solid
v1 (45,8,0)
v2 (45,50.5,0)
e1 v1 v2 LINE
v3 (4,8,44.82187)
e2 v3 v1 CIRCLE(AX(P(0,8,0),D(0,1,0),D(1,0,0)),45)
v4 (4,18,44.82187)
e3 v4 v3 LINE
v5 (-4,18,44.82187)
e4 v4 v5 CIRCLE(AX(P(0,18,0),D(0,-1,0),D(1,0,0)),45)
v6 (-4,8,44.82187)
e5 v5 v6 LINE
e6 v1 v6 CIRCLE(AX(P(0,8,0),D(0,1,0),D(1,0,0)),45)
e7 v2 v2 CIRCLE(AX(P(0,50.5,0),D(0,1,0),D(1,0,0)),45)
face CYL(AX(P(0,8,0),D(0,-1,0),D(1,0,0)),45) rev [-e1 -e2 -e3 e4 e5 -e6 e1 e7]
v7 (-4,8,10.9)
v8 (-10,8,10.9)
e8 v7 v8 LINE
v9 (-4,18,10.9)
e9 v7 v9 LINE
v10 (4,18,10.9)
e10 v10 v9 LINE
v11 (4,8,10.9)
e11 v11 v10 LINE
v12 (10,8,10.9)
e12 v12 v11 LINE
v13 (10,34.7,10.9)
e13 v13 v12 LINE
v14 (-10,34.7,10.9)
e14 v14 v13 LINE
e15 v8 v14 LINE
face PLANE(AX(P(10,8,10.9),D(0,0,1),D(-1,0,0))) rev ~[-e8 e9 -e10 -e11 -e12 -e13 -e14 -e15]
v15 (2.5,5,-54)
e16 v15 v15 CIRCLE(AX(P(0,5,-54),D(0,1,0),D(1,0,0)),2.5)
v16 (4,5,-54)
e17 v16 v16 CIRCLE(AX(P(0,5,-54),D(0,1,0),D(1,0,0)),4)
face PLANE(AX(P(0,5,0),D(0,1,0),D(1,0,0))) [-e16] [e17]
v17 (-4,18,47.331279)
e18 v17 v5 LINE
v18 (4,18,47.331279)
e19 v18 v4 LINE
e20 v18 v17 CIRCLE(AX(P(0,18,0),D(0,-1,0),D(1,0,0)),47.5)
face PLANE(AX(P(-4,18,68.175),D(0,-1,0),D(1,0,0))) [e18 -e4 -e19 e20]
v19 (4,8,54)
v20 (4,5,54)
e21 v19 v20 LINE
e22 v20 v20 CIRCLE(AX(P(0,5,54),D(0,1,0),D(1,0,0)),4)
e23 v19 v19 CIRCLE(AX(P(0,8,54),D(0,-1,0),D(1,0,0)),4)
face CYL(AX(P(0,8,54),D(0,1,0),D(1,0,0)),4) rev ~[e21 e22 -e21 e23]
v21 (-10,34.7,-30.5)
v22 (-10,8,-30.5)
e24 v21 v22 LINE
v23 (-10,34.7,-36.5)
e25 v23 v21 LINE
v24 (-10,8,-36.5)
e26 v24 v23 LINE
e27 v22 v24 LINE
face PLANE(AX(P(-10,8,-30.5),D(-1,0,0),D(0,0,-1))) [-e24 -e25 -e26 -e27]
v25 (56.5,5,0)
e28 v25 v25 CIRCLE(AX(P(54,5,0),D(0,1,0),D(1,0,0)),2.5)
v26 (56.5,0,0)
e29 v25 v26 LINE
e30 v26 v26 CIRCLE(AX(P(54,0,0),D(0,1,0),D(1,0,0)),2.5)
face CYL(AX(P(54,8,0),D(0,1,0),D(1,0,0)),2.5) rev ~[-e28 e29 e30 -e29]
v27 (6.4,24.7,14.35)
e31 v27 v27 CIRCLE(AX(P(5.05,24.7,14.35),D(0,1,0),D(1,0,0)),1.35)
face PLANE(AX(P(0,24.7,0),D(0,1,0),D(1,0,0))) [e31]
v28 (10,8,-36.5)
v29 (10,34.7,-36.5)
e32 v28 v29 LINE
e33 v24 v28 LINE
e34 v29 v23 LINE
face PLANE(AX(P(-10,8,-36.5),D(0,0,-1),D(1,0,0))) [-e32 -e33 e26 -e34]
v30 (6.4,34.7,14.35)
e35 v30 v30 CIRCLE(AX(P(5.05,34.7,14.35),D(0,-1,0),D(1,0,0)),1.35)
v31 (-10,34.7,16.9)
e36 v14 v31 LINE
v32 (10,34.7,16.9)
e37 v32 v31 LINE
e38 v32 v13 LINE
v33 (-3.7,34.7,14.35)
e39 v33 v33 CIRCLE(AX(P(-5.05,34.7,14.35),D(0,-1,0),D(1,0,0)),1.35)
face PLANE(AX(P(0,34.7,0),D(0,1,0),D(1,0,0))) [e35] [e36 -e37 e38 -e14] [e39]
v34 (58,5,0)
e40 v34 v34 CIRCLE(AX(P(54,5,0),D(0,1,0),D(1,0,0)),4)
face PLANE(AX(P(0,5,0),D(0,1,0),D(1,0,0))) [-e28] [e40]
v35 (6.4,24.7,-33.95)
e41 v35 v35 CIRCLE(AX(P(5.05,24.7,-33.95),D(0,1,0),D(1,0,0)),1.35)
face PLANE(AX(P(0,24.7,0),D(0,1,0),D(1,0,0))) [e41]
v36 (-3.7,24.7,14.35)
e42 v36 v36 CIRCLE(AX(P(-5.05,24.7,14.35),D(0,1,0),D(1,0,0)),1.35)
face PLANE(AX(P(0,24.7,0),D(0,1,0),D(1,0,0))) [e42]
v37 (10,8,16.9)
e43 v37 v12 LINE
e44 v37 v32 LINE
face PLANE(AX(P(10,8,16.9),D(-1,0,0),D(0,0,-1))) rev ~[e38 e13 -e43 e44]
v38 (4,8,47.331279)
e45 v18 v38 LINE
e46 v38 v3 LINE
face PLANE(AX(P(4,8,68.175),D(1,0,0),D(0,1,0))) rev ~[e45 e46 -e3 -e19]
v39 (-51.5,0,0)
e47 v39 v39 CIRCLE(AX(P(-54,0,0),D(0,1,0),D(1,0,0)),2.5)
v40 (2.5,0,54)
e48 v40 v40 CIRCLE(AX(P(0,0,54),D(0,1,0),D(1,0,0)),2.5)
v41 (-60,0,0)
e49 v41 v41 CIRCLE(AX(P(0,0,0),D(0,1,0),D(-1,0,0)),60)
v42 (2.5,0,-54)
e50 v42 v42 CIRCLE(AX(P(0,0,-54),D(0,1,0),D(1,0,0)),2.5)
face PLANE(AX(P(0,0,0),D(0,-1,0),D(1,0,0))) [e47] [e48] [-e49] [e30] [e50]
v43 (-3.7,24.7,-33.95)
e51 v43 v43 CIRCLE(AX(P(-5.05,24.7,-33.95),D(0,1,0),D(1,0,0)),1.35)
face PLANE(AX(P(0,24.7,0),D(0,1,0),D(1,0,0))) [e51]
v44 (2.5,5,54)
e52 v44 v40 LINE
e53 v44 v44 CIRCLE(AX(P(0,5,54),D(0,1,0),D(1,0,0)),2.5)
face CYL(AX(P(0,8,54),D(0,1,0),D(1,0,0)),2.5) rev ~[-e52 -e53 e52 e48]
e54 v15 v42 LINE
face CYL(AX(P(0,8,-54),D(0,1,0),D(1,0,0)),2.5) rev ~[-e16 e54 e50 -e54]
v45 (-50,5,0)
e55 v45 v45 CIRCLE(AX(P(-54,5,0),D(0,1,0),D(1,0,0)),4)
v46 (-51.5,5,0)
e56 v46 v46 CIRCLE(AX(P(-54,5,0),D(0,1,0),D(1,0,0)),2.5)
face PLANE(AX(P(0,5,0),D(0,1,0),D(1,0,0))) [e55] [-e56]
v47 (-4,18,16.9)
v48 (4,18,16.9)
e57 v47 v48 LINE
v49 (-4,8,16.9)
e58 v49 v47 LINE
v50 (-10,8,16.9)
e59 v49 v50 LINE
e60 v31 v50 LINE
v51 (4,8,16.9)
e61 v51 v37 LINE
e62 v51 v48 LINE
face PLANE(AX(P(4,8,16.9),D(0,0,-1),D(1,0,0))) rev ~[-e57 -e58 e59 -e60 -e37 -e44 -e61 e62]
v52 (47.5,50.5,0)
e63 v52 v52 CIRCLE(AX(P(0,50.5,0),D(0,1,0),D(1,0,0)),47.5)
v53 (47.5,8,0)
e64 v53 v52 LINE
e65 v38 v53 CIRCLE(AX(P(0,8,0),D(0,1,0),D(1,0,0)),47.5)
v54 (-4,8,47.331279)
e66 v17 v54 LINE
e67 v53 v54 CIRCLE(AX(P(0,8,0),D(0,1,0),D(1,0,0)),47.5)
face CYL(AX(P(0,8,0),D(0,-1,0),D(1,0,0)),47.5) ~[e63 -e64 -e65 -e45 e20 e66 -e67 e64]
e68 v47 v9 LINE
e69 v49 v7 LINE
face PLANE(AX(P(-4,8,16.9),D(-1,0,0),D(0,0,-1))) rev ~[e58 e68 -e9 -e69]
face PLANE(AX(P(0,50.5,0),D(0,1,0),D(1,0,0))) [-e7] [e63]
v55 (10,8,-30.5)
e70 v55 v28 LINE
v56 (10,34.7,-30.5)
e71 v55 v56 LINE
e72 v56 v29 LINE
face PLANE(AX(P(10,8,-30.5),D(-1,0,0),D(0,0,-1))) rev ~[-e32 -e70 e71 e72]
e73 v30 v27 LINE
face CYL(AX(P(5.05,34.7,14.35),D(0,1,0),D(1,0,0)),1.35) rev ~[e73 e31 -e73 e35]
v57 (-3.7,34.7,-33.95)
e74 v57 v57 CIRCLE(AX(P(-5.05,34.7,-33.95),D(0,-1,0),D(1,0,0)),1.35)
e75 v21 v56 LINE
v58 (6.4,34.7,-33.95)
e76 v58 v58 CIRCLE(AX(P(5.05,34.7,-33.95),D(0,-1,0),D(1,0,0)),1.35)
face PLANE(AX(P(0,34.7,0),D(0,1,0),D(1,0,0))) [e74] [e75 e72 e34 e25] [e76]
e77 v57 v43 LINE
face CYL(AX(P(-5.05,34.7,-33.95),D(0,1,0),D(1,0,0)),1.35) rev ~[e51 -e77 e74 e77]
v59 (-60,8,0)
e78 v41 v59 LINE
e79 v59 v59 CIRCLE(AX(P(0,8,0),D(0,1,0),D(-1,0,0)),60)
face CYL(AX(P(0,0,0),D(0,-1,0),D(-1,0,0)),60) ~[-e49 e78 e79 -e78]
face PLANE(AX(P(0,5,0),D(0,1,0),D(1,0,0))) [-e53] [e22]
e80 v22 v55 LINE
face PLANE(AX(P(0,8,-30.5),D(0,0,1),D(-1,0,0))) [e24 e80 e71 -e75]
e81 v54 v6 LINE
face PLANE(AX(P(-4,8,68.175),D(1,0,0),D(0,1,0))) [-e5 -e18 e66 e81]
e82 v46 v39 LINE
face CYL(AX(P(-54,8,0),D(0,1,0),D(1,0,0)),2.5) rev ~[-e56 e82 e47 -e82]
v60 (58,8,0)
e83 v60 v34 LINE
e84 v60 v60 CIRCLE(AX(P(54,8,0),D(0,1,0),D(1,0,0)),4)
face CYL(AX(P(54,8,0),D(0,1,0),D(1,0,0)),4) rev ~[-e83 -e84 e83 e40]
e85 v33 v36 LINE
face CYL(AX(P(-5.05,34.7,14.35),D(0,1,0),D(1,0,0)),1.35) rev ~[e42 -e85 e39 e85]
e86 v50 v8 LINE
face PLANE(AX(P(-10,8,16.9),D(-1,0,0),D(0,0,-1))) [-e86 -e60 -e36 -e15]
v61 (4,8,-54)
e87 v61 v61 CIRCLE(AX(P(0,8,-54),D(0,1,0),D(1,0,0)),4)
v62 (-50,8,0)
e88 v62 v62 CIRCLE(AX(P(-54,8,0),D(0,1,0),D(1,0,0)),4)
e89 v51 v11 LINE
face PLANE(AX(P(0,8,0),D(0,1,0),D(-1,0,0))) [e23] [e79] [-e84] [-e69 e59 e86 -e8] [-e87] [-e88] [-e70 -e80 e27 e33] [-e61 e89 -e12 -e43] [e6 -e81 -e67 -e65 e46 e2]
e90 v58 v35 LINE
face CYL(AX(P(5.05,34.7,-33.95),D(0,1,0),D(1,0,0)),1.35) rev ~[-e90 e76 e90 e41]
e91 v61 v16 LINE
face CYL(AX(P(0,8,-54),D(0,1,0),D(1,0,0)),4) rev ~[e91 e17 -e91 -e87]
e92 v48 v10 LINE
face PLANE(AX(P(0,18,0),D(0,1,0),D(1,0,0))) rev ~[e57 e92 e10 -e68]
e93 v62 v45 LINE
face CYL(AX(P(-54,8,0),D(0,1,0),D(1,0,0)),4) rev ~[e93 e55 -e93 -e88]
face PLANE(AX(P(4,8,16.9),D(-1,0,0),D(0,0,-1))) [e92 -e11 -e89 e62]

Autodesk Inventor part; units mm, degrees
ref_plane "YZ Plane" through (0, 0, 0) normal (1, 0, 0) x (0, 1, 0)
ref_plane "XZ Plane" through (0, 0, 0) normal (0, 1, 0) x (-1, 0, 0)
ref_plane "XY Plane" through (0, 0, 0) normal (0, 0, 1) x (1, 0, 0)
sketch "Sketch1" plane through (0, 0, 0) normal (0, 1, 0) x (-1, 0, 0)
  circle A0 centre (0, 0) radius 60
  dimension "d0" = 120
extrude "Extrusion1" add sketch "Sketch1" along normal blind 8
sketch "Sketch2" plane through (0, 8, 0) normal (0, 1, 0) x (1, 0, 0)
  circle A0 centre (-54, 0) radius 4
  circle A1 centre (-54, 0) radius 2.5
  circle A2 centre (0, -54) radius 4
  circle A3 centre (0, -54) radius 2.5
  circle A4 centre (54, 0) radius 4
  circle A5 centre (54, 0) radius 2.5
  circle A6 centre (0, 54) radius 4
  circle A7 centre (0, 54) radius 2.5
  point P0 (0, 0)
  dimension "d3" = 8
  dimension "d4" = 5
  dimension "d5" = 8
  dimension "d6" = 5
  dimension "d7" = 8
  dimension "d8" = 5
  dimension "d9" = 8
  dimension "d10" = 5
extrude "Extrusion2" cut sketch "Sketch2" against normal blind 8 contours A1 | A3 | A5 | A7
sketch "Sketch3" plane through (0, 8, 0) normal (0, 1, 0) x (1, 0, 0)
  circle A0 centre (-54, 0) radius 2.5 projected
  circle A1 centre (-54, 0) radius 4
  circle A2 centre (-54, 0) radius 2.5
  circle A3 centre (0, 54) radius 2.5 projected
  circle A4 centre (0, 54) radius 4
  circle A5 centre (0, 54) radius 2.5
  circle A6 centre (54, 0) radius 2.5 projected
  circle A7 centre (54, 0) radius 4
  circle A8 centre (54, 0) radius 2.5
  circle A9 centre (0, -54) radius 4
  circle A10 centre (0, -54) radius 2.5
  point P0 (0, 0)
  dimension "d13" = 8
  dimension "d14" = 8
  dimension "d15" = 5
  dimension "d16" = 8
  dimension "d17" = 5
  dimension "d18" = 8
extrude "Extrusion3" cut sketch "Sketch3" against normal blind 3
sketch "Sketch4" plane through (0, 8, 0) normal (0, 1, 0) x (1, 0, 0)
  circle A0 centre (0, 0) radius 47.5
  circle A1 centre (0, 0) radius 45
  line L0 (0, 0) -> (-10, 0)
  line L1 (-10, 0) -> (-10, -9)
  line L2 (-10, -9) -> (0, -9)
  line L3 (0, -9) -> (0, 0)
  line L4 (0, -9) -> (10, -9)
  line L5 (10, -9) -> (10, 0)
  line L6 (10, 0) -> (0, 0)
  line L7 (0, 0) -> (0, -9)
  line L8 (-10, -9) -> (10, -9)
  line L9 (10, -9) -> (10, -16)
  line L10 (10, -16) -> (-10, -16)
  line L11 (-10, -16) -> (-10, -9)
  dimension "d21" = 95
  dimension "d22" = 90
  dimension "d23" = 10
  dimension "d24" = 9
  dimension "d25" = 10
  dimension "d26" = 7
extrude "Extrusion4" add sketch "Sketch4" along normal blind 10 contours A0
sketch "Sketch5" plane through (0, 8, 0) normal (0, 1, 0) x (1, 0, 0)
  line L0 (0, 0) -> (-10, 0)
  line L1 (-10, 0) -> (-10, -9)
  line L2 (-10, -9) -> (0, -9)
  line L3 (0, -9) -> (0, 0)
  line L4 (-10, -9) -> (10, -9)
  line L5 (10, -9) -> (10, -16)
  line L6 (10, -16) -> (-10, -16)
  line L7 (-10, -16) -> (-10, -9)
  line L8 (-10, -9) -> (10, -9)
  line L9 (10, -9) -> (10, 31)
  line L10 (10, 31) -> (-10, 31)
  line L11 (-10, 31) -> (-10, -9)
  line L12 (-10, 31) -> (-2, 31)
  line L13 (-2, 31) -> (-2, 38.36)
  line L14 (-2, 38.36) -> (-10, 38.36)
  line L15 (-10, 38.36) -> (-10, 31)
  line L16 (-10, 31) -> (10, 31)
  line L17 (10, 31) -> (10, 39)
  line L18 (10, 39) -> (-10, 39)
  line L19 (-10, 39) -> (-10, 31)
  line L20 (-10, -9) -> (10, -9)
  line L21 (10, -9) -> (10, -17)
  line L22 (10, -17) -> (-10, -17)
  line L23 (-10, -17) -> (-10, -9)
  dimension "d29" = 10
  dimension "d30" = 9
  dimension "d31" = 20
  dimension "d32" = 7
  dimension "d33" = 40
  dimension "d34" = 8
  dimension "d35" = 8
  dimension "d36" = 8
extrude "Extrusion5" add sketch "Sketch5" along normal blind 28 contours L4 L5 L6 L7 L2 | L15 L14 L13 L10 | L6 L21 L22 L23 | L13 L14 L19 L18 L17 L10
sketch "Sketch6" plane through (0, 36, 0) normal (0, 1, 0) x (1, 0, 0)
  line L0 (10, -17) -> (-10, -17) projected
  line L1 (-10, -9) -> (10, -9) projected
  line L2 (0, -17) -> (-4, -17)
  line L3 (-4, -17) -> (-4, -9)
  line L4 (-4, -9) -> (0, -9)
  line L5 (0, -9) -> (0, -17)
  line L6 (0, -17) -> (4, -17)
  line L7 (4, -17) -> (4, -9)
  line L8 (4, -9) -> (0, -9)
  line L9 (0, -9) -> (0, -17)
  point P0 (0, 0)
  dimension "d39" = 4
  dimension "d40" = 4
extrude "Extrusion6" cut sketch "Sketch6" against normal blind 28
sketch "Sketch7" plane through (0, 36, 0) normal (0, 1, 0) x (1, 0, 0)
  line L0 (-10, -17) -> (-4, -17) projected
  line L1 (4, -9) -> (10, -9) projected
  line L2 (-4, -17) -> (4, -17)
  line L3 (4, -17) -> (4, -9)
  line L4 (4, -9) -> (-4, -9)
  line L5 (-4, -9) -> (-4, -17)
  point P0 (0, 0)
extrude "Extrusion7" add sketch "Sketch7" against normal blind 22
sketch "Sketch8" plane through (0, 36, 0) normal (0, 1, 0) x (1, 0, 0)
  line L0 (-4, -17) -> (-10, -17) projected
  line L1 (10, -17) -> (10, -9) projected
  line L2 (-10, -17) -> (10, -17)
  line L3 (10, -17) -> (10, -15)
  line L4 (10, -15) -> (-10, -15)
  line L5 (-10, -15) -> (-10, -17)
  line L6 (-4, -9) -> (4, -9) projected
  line L7 (0, -9) -> (-5, -9)
  line L8 (-5, -9) -> (-5, -17)
  line L9 (-5, -17) -> (0, -17)
  line L10 (0, -17) -> (0, -9)
  line L11 (-10, -17) -> (10, -17) projected
  line L12 (0, -9) -> (5, -9)
  line L13 (5, -9) -> (5, -17)
  line L14 (5, -17) -> (0, -17)
  line L15 (0, -17) -> (0, -9)
  circle A0 centre (-5, -15) radius 2
  circle A1 centre (5, -15) radius 2
  line L16 (-10, 31) -> (-10, 39) projected
  line L17 (10, 39) -> (10, 31) projected
  line L18 (-10, 39) -> (10, 39)
  line L19 (10, 39) -> (10, 37)
  line L20 (10, 37) -> (-10, 37)
  line L21 (-10, 37) -> (-10, 39)
  line L22 (10, 31) -> (-10, 31) projected
  line L23 (-10, 39) -> (10, 39) projected
  line L24 (0, 31) -> (-5, 31)
  line L25 (-5, 31) -> (-5, 39)
  line L26 (-5, 39) -> (0, 39)
  line L27 (0, 39) -> (0, 31)
  line L28 (0, 31) -> (5, 31)
  line L29 (5, 31) -> (5, 39)
  line L30 (5, 39) -> (0, 39)
  line L31 (0, 39) -> (0, 31)
  circle A2 centre (-5, 37) radius 2
  circle A3 centre (5, 37) radius 2
  point P0 (0, 0)
  dimension "d45" = 2
  dimension "d46" = 5
  dimension "d47" = 5
  dimension "d48" = 4
  dimension "d49" = 4
  dimension "d50" = 2
  dimension "d51" = 4
  dimension "d52" = 4
extrude "Extrusion8" cut sketch "Sketch8" against normal blind 10 contours A0 L4 L8 | L8 L4 A0 | L8 A0 L4 | L4 A0 L8 | A1 L4 L13 | L13 L4 A1 | L13 A1 L4 | L4 A1 L13 | A2 L25 L20 | L20 L25 A2 | L25 L20 A2 | A2 L20 L25 | A3 L20 L29 | L29 L20 A3 | A3 L29 L20 | A3 L20 L29
sketch "Sketch9" plane through (0, 36, 0) normal (0, 1, 0) x (1, 0, 0)
  line L0 (-10, -17) -> (-5, -17) projected
  line L1 (10, -9) -> (-10, -9) projected
  line L2 (-10, -17) -> (10, -17)
  line L3 (10, -17) -> (10, -9)
  line L4 (10, -9) -> (-10, -9)
  line L5 (-10, -9) -> (-10, -17)
  line L6 (10, 31) -> (10, 39) projected
  line L7 (-10, 31) -> (10, 31)
  line L8 (10, 31) -> (10, 39)
  line L9 (10, 39) -> (-10, 39)
  line L10 (-10, 39) -> (-10, 31)
  point P0 (0, 0)
extrude "Extrusion9" cut sketch "Sketch9" against normal blind 28
sketch "Sketch10" plane through (0, 8, 0) normal (0, 1, 0) x (1, 0, 0)
  line L0 (0, 0) -> (-10, 0)
  line L1 (-10, 0) -> (-10, 36.5)
  line L2 (-10, 36.5) -> (0, 36.5)
  line L3 (0, 36.5) -> (0, 0)
  line L4 (-10, 0) -> (0, 0)
  line L5 (0, 0) -> (0, -16.9)
  line L6 (0, -16.9) -> (-10, -16.9)
  line L7 (-10, -16.9) -> (-10, 0)
  line L8 (0, -16.9) -> (10, -16.9)
  line L9 (10, -16.9) -> (10, 36.5)
  line L10 (10, 36.5) -> (0, 36.5)
  line L11 (0, 36.5) -> (0, -16.9)
  line L12 (-10, -16.9) -> (10, -16.9)
  line L13 (10, -16.9) -> (10, -10.9)
  line L14 (10, -10.9) -> (-10, -10.9)
  line L15 (-10, -10.9) -> (-10, -16.9)
  line L16 (-10, 36.5) -> (10, 36.5)
  line L17 (10, 36.5) -> (10, 30.5)
  line L18 (10, 30.5) -> (-10, 30.5)
  line L19 (-10, 30.5) -> (-10, 36.5)
  line L20 (-10, -16.9) -> (-4, -16.9)
  line L21 (-4, -16.9) -> (-4, -10.9)
  line L22 (-4, -10.9) -> (-10, -10.9)
  line L23 (-10, -10.9) -> (-10, -16.9)
  line L24 (10, -16.9) -> (4, -16.9)
  line L25 (4, -16.9) -> (4, -10.9)
  line L26 (4, -10.9) -> (10, -10.9)
  line L27 (10, -10.9) -> (10, -16.9)
  dimension "d57" = 10
  dimension "d58" = 36.5
  dimension "d59" = 16.9
  dimension "d60" = 10
  dimension "d61" = 6
  dimension "d62" = 6
  dimension "d63" = 6
  dimension "d64" = 6
extrude "Extrusion10" add sketch "Sketch10" along normal blind 10 contours L18 L1 L2 L3 | L3 L10 L9 L18 | L14 L21 L6 L7 | L14 L9 L8 L25
sketch "Sketch11" plane through (0, 18, 0) normal (0, 1, 0) x (1, 0, 0)
  line L0 (-10, 30.5) -> (10, 30.5) projected
  line L1 (10, 36.5) -> (-10, 36.5) projected
  line L2 (-10, 30.5) -> (10, 30.5)
  line L3 (10, 30.5) -> (10, 36.5)
  line L4 (10, 36.5) -> (-10, 36.5)
  line L5 (-10, 36.5) -> (-10, 30.5)
  line L6 (-10, -16.9) -> (-4, -16.9) projected
  line L7 (10, -10.9) -> (4, -10.9) projected
  line L8 (-10, -16.9) -> (10, -16.9)
  line L9 (10, -16.9) -> (10, -10.9)
  line L10 (10, -10.9) -> (-10, -10.9)
  line L11 (-10, -10.9) -> (-10, -16.9)
  point P0 (0, 0)
extrude "Extrusion11" add sketch "Sketch11" along normal blind 16.7
sketch "Sketch12" plane through (0, 34.7, 0) normal (0, 1, 0) x (1, 0, 0)
  line L0 (10, -16.9) -> (10, -10.9) projected
  line L1 (-10, -16.9) -> (10, -16.9)
  line L2 (10, -16.9) -> (10, -14.35)
  line L3 (10, -14.35) -> (-10, -14.35)
  line L4 (-10, -14.35) -> (-10, -16.9)
  line L5 (10, 30.5) -> (10, 36.5) projected
  line L6 (-10, 36.5) -> (10, 36.5)
  line L7 (10, 36.5) -> (10, 33.95)
  line L8 (10, 33.95) -> (-10, 33.95)
  line L9 (-10, 33.95) -> (-10, 36.5)
  line L10 (0, -16.9) -> (5.05, -16.9)
  line L11 (5.05, -16.9) -> (5.05, -14.35)
  line L12 (5.05, -14.35) -> (0, -14.35)
  line L13 (0, -14.35) -> (0, -16.9)
  line L14 (0, -16.9) -> (-5.05, -16.9)
  line L15 (-5.05, -16.9) -> (-5.05, -14.35)
  line L16 (-5.05, -14.35) -> (0, -14.35)
  line L17 (0, -14.35) -> (0, -16.9)
  line L18 (10, 36.5) -> (-10, 36.5) projected
  line L19 (0, 36.5) -> (-5.05, 36.5)
  line L20 (-5.05, 36.5) -> (-5.05, 33.95)
  line L21 (-5.05, 33.95) -> (0, 33.95)
  line L22 (0, 33.95) -> (0, 36.5)
  line L23 (0, 36.5) -> (5.05, 36.5)
  line L24 (5.05, 36.5) -> (5.05, 33.95)
  line L25 (5.05, 33.95) -> (0, 33.95)
  line L26 (0, 33.95) -> (0, 36.5)
  circle A0 centre (-5.05, -14.35) radius 1.35
  circle A1 centre (5.05, -14.35) radius 1.35
  circle A2 centre (-5.05, 33.95) radius 1.35
  circle A3 centre (5.05, 33.95) radius 1.35
  point P0 (0, 0)
  dimension "d69" = 2.55
  dimension "d70" = 2.55
  dimension "d71" = 5.05
  dimension "d72" = 5.05
  dimension "d73" = 5.05
  dimension "d74" = 5.05
  dimension "d75" = 2.7
  dimension "d76" = 2.7
  dimension "d77" = 2.7
  dimension "d78" = 2.7
extrude "Extrusion12" cut sketch "Sketch12" against normal blind 10 contours A1 L11 L3 | L3 A1 | A1 L3 L11 | A0 L3 L15 | L15 L3 A0 | L3 A0 | A3 L8 | L8 L24 A3 | L8 A3 L24 | A2 L8 | L8 L20 A2 | L20 L8 A2
thread "Thread1" size "M3x0.5" class "6H" standard "ANSI Metric M Profile" full length
thread "Thread2" size "M3x0.5" class "6H" standard "ANSI Metric M Profile" full length
thread "Thread3" size "M3x0.5" class "6H" standard "ANSI Metric M Profile" full length
thread "Thread4" size "M3x0.5" class "6H" standard "ANSI Metric M Profile" full length
sketch "Sketch13" plane through (0, 18, 0) normal (0, 1, 0) x (1, 0, 0)
  circle A0 centre (0, 0) radius 45
  circle A1 centre (0, 0) radius 47.5
extrude "Extrusion13" cut sketch "Sketch13" against normal blind 47.3
sketch "Sketch14" plane through (0, 8, 0) normal (0, 1, 0) x (1, 0, 0)
  circle A0 centre (0, 0) radius 45
  circle A1 centre (0, 0) radius 47.5
extrude "Extrusion14" add sketch "Sketch14" along normal blind 42.5
sketch "Sketch16" plane through (0, 50.5, 0) normal (0, 1, 0) x (1, 0, 0)
  circle A0 centre (0, 0) radius 45
  circle A1 centre (0, 0) radius 47.5
extrude "Extrusion15" cut sketch "Sketch16" against normal blind 42.5
sketch "Sketch17" plane through (0, 0, 0) normal (0, -1, 0) x (1, 0, 0)
  circle A0 centre (0, 0) radius 47.5
  circle A1 centre (0, 0) radius 45
extrude "Extrusion16" add sketch "Sketch17" against normal blind 8
sketch "Sketch18" plane through (0, 8, 0) normal (0, 1, 0) x (1, 0, 0)
  circle A0 centre (0, 0) radius 47.5
  circle A1 centre (0, 0) radius 45
  dimension "d97" = 95
  dimension "d98" = 90
extrude "Extrusion17" add sketch "Sketch18" along normal blind 42.5
sketch "Sketch19" plane through (4, 8, 16.9) normal (0, 0, 1) x (1, 0, 0)
  line L0 (-8, 0) -> (-8, 10) projected
  line L1 (-8, 0) -> (0, 0)
  line L2 (0, 0) -> (0, 10)
  line L3 (0, 10) -> (-8, 10)
  line L4 (-8, 10) -> (-8, 0)
  point P0 (-4, -8)
extrude "Extrusion18" add sketch "Sketch19" along normal blind 51.275
sketch "Sketch20" plane through (4, 8, 68.175) normal (0, 0, 1) x (1, 0, 0)
  line L0 (0, 0) -> (0, 10) projected
  line L1 (-8, 10) -> (0, 10)
  line L2 (0, 10) -> (0, 0)
  line L3 (0, 0) -> (-8, 0)
  line L4 (-8, 0) -> (-8, 10)
  point P0 (-4, -8)
extrude "Extrusion19" cut sketch "Sketch20" against normal blind 82.075
properties part number "NBase Part"
